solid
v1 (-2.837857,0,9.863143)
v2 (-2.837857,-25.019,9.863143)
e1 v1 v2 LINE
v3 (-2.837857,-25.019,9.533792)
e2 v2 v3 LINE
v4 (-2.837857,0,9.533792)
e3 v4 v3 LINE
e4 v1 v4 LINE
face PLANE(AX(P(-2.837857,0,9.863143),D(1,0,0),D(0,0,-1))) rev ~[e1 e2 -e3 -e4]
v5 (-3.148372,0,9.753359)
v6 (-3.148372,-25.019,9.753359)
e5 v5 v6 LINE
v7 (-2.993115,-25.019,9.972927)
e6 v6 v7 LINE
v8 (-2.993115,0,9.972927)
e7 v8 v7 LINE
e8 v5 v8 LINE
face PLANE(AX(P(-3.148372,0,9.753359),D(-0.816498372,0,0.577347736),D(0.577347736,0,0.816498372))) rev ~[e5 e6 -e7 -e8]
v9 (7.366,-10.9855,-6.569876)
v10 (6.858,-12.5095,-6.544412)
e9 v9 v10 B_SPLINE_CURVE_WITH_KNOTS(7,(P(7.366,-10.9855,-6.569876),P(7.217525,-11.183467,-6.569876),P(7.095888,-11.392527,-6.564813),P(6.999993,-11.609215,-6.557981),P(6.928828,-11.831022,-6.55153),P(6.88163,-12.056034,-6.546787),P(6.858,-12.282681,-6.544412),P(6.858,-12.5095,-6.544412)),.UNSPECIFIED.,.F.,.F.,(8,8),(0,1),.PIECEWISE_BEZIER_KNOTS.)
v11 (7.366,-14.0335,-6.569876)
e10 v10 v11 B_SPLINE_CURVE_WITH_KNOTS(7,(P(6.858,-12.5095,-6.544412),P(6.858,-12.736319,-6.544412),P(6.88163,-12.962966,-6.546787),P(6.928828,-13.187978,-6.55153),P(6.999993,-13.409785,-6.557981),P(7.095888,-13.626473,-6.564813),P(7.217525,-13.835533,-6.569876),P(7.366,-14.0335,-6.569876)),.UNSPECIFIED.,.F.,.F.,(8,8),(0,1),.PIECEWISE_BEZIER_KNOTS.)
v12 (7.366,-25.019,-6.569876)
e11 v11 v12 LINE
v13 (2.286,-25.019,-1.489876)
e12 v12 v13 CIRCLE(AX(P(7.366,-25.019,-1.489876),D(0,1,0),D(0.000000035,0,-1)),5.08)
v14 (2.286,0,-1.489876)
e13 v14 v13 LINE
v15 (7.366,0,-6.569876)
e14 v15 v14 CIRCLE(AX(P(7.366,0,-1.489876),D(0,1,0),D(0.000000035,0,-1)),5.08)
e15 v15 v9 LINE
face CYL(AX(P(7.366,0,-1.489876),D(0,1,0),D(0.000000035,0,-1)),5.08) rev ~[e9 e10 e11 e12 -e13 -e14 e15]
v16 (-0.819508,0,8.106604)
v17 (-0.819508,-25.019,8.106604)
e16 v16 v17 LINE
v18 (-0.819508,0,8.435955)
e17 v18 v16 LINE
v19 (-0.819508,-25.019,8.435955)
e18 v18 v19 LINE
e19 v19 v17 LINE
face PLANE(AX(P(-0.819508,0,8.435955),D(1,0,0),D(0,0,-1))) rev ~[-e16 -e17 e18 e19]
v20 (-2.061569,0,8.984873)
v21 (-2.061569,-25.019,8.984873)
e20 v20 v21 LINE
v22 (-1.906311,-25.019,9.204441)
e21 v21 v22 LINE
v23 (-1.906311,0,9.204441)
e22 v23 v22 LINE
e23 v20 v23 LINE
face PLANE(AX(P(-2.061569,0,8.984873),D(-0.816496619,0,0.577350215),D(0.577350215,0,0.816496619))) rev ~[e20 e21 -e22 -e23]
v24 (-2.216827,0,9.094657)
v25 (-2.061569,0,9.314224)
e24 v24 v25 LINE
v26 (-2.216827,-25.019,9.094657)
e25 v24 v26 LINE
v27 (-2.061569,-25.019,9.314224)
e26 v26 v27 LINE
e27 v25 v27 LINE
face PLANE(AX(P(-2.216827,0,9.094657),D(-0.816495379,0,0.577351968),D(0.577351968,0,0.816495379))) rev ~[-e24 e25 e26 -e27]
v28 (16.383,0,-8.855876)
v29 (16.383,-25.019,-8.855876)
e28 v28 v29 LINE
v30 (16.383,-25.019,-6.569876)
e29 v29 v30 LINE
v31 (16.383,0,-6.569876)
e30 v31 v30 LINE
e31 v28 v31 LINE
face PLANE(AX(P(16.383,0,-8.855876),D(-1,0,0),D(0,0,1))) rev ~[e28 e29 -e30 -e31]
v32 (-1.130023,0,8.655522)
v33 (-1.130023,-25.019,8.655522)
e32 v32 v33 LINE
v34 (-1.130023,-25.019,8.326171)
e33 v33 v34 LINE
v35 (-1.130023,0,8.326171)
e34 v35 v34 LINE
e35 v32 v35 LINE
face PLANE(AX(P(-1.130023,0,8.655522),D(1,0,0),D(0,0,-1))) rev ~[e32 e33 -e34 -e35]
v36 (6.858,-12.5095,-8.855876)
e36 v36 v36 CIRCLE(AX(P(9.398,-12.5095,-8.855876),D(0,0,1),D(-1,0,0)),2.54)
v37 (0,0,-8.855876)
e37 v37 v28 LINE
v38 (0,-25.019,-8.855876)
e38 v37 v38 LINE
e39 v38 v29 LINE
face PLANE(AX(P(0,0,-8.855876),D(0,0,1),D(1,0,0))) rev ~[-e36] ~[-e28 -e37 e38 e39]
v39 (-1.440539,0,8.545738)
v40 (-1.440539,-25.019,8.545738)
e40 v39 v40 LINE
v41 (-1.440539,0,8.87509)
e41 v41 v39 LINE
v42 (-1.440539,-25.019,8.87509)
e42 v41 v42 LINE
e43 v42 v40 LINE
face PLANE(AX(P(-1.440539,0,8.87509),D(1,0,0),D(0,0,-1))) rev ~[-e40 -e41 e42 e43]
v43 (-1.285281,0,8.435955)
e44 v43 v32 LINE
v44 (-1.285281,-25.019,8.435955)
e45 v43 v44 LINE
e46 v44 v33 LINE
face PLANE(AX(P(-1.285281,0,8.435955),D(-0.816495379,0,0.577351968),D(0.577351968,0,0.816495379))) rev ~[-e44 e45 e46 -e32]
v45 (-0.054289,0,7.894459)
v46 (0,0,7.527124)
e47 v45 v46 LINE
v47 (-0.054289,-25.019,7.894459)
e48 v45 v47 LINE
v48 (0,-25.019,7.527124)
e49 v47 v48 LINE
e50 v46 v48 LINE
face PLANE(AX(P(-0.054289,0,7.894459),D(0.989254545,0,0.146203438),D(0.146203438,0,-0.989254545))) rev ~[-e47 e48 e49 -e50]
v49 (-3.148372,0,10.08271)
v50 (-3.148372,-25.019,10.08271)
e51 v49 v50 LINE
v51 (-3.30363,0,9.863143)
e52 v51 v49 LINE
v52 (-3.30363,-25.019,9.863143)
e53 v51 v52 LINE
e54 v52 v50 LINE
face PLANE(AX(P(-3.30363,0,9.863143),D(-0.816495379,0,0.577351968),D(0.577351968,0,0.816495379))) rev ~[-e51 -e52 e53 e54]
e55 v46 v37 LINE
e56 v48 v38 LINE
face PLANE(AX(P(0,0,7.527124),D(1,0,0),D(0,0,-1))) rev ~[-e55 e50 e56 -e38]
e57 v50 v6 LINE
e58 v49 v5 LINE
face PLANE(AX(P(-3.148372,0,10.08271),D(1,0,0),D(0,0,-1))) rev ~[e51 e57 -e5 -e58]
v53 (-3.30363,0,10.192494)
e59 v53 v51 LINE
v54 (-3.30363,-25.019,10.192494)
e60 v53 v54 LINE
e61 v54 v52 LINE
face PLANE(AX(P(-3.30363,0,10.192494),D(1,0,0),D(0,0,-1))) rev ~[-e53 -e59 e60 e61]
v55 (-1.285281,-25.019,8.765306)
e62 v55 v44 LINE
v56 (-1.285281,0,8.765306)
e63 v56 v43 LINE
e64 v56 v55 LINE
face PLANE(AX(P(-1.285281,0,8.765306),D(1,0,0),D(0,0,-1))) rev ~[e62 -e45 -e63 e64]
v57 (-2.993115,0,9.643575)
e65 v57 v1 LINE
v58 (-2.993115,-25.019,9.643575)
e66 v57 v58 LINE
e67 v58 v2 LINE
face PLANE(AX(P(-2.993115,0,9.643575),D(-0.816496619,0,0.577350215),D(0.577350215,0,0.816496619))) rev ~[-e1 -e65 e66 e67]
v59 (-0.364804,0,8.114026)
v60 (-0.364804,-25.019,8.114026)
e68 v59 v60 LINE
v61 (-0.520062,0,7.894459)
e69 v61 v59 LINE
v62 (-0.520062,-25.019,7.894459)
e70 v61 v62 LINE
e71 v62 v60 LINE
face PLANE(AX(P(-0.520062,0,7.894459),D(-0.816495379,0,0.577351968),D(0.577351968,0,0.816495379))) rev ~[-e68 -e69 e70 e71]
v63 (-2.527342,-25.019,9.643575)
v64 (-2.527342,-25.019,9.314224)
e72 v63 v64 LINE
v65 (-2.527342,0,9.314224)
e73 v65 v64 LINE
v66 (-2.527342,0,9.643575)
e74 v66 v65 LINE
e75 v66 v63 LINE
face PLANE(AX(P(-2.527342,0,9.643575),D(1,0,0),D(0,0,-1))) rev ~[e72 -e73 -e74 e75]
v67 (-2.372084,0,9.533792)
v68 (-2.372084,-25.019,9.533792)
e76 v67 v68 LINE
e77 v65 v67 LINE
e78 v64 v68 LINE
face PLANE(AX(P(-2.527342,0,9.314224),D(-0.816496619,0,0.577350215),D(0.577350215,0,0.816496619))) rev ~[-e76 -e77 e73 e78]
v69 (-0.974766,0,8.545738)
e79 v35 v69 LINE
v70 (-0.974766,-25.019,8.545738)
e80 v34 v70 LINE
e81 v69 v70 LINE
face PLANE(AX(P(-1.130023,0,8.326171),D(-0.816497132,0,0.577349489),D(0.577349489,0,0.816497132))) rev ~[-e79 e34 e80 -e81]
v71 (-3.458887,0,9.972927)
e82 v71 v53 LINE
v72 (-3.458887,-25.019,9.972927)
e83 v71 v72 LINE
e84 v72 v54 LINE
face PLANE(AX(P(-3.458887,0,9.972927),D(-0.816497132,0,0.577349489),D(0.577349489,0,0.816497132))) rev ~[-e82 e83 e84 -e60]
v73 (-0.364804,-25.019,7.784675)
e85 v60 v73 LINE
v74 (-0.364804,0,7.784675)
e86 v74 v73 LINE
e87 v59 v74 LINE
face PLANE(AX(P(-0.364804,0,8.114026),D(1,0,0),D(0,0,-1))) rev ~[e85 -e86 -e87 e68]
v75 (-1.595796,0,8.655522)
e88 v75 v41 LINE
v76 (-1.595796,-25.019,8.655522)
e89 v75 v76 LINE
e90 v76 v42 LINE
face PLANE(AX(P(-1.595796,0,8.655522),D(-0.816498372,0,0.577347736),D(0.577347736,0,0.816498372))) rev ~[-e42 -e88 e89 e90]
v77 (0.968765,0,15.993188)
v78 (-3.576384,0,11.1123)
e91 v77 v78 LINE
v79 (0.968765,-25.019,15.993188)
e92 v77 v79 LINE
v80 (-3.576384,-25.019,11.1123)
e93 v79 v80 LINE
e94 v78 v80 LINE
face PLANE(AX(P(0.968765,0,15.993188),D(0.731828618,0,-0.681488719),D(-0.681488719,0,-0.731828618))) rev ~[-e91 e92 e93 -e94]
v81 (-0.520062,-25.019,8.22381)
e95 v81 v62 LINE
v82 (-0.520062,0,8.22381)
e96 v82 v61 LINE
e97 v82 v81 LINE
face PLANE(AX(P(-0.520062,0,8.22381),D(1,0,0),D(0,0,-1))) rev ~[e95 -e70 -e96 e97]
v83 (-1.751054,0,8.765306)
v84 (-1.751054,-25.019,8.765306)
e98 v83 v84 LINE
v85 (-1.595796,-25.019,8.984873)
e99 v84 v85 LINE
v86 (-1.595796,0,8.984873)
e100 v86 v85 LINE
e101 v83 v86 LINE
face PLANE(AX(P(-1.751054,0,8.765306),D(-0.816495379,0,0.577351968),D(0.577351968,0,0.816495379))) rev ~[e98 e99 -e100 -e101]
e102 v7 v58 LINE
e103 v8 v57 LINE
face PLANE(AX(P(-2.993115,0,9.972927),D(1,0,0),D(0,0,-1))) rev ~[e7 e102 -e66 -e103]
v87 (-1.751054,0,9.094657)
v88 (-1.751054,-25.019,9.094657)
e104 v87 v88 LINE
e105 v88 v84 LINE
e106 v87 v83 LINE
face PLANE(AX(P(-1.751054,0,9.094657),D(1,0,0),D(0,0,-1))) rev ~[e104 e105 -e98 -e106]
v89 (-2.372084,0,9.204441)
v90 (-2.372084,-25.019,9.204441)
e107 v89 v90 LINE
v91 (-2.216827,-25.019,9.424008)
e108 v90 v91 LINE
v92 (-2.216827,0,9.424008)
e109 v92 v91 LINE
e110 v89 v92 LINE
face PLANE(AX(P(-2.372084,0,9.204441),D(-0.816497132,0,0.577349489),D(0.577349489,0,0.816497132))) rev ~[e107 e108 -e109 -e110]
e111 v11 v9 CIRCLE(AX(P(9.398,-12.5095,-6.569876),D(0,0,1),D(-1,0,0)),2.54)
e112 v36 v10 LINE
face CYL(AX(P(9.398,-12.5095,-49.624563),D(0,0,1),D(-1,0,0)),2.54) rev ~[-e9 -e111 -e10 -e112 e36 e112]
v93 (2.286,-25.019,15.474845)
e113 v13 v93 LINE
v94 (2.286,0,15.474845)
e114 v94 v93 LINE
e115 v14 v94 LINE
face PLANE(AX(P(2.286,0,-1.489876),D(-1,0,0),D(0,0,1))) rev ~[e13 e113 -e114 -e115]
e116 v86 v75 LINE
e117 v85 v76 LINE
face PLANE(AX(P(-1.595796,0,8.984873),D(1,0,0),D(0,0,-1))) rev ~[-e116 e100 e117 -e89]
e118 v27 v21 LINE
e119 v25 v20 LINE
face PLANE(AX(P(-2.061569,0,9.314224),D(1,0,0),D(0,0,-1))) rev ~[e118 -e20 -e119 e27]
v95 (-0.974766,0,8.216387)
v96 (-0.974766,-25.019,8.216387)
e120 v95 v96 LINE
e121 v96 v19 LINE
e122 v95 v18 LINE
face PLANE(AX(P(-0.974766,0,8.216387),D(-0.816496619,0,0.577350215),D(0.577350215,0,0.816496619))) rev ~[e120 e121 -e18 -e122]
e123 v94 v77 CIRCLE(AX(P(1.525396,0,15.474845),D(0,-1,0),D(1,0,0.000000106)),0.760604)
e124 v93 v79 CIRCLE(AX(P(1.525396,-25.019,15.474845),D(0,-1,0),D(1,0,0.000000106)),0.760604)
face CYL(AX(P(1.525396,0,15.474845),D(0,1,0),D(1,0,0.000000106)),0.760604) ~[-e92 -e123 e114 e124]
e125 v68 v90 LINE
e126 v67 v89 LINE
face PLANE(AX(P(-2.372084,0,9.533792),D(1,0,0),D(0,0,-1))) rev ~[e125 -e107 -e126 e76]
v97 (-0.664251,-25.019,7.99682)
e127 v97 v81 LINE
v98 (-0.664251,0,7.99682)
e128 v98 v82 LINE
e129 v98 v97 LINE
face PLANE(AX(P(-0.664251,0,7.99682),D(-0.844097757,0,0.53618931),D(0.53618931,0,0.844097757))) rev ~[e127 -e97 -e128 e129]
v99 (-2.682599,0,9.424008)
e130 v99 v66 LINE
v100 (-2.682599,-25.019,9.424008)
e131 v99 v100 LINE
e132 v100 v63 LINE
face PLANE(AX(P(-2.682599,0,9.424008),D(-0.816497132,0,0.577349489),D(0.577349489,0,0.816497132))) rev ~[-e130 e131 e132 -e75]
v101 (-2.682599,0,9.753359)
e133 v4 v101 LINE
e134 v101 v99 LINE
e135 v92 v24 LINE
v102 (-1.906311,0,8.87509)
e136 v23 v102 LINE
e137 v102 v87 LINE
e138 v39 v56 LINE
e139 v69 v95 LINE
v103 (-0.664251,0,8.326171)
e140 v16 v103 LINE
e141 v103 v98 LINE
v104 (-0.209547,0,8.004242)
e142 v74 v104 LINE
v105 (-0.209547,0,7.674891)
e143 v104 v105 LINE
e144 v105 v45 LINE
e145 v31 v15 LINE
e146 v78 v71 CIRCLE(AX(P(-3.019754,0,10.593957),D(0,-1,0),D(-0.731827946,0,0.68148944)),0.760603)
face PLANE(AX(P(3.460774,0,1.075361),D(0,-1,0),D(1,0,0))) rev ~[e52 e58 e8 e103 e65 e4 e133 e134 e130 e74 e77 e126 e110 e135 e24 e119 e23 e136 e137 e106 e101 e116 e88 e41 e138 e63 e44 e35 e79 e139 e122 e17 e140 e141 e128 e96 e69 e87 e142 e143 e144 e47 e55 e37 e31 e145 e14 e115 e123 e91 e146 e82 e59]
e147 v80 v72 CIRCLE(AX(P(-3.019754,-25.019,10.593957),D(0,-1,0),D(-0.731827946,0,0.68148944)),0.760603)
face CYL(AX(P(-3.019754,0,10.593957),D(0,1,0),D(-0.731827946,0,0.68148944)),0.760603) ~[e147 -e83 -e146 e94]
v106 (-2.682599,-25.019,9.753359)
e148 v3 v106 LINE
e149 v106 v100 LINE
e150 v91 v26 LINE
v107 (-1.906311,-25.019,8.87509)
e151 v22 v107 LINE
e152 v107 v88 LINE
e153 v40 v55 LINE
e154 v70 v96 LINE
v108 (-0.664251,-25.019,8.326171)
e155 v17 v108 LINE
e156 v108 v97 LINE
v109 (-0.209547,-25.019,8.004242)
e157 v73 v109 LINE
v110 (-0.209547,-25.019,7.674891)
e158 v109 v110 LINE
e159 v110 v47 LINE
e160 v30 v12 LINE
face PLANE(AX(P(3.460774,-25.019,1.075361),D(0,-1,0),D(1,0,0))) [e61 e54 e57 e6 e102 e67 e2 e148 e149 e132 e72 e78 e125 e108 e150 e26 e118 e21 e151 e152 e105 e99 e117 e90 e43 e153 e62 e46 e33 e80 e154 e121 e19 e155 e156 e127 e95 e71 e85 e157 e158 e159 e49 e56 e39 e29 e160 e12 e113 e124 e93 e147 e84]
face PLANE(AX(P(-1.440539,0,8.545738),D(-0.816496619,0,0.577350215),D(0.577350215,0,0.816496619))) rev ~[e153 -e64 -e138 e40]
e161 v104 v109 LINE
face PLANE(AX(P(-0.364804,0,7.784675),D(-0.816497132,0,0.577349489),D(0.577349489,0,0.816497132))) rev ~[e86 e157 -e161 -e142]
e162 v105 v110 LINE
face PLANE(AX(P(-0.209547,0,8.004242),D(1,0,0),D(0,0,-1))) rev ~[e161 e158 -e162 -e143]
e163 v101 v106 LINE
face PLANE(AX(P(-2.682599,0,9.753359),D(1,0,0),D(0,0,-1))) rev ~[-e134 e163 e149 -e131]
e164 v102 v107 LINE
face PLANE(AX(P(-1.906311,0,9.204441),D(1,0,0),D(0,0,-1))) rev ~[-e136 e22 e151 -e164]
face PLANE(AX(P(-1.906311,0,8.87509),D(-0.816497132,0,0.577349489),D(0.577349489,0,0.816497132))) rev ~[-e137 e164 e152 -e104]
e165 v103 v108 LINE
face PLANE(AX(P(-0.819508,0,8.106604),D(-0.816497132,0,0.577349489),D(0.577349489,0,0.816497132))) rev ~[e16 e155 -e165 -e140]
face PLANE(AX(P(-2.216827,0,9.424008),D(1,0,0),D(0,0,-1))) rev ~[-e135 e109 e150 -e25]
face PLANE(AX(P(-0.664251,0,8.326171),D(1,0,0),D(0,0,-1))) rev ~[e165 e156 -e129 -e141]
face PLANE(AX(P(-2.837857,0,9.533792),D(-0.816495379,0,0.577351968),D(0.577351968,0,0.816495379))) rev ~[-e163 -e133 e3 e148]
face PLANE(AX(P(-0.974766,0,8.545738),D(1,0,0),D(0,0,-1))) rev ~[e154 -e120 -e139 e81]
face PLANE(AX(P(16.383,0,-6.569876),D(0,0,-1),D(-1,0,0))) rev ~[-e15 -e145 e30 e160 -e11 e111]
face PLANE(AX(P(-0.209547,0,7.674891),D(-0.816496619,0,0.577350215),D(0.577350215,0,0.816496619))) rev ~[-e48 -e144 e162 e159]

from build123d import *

# Parameters (mm, degrees)
F1_DEPTH = 25.019
F3_D     = 5.08


with BuildPart() as f1:
    # F0 (on Front) → F1 (new body)
    with BuildSketch(Plane.XZ):
        with BuildLine():
            Line((0, 7.527124), (0, -8.855876))
            Line((0, -8.855876), (16.383, -8.855876))
            Line((16.383, -8.855876), (16.383, -6.569876))
            Line((16.383, -6.569876), (7.366, -6.569876))
            ThreePointArc((7.366, -6.569876), (3.773898, -5.081979), (2.286, -1.489876))
            Line((2.286, -1.489876), (2.286, 15.474845))
            ThreePointArc((2.286, 15.474845), (1.803912, 16.182621), (0.968765, 15.993188))
            Line((0.968765, 15.993188), (-3.576384, 11.1123))
            ThreePointArc((-3.576384, 11.1123), (-3.776344, 10.515934), (-3.458887, 9.972927))
            Line((-3.458887, 9.972927), (-3.30363, 10.192494))
            Line((-3.30363, 10.192494), (-3.30363, 9.863143))
            Line((-3.30363, 9.863143), (-3.148372, 10.08271))
            Line((-3.148372, 10.08271), (-3.148372, 9.753359))
            Line((-3.148372, 9.753359), (-2.993115, 9.972927))
            Line((-2.993115, 9.972927), (-2.993115, 9.643575))
            Line((-2.993115, 9.643575), (-2.837857, 9.863143))
            Line((-2.837857, 9.863143), (-2.837857, 9.533792))
            Line((-2.837857, 9.533792), (-2.682599, 9.753359))
            Line((-2.682599, 9.753359), (-2.682599, 9.424008))
            Line((-2.682599, 9.424008), (-2.527342, 9.643575))
            Line((-2.527342, 9.643575), (-2.527342, 9.314224))
            Line((-2.527342, 9.314224), (-2.372084, 9.533792))
            Line((-2.372084, 9.533792), (-2.372084, 9.204441))
            Line((-2.372084, 9.204441), (-2.216827, 9.424008))
            Line((-2.216827, 9.424008), (-2.216827, 9.094657))
            Line((-2.216827, 9.094657), (-2.061569, 9.314224))
            Line((-2.061569, 9.314224), (-2.061569, 8.984873))
            Line((-2.061569, 8.984873), (-1.906311, 9.204441))
            Line((-1.906311, 9.204441), (-1.906311, 8.87509))
            Line((-1.906311, 8.87509), (-1.751054, 9.094657))
            Line((-1.751054, 9.094657), (-1.751054, 8.765306))
            Line((-1.751054, 8.765306), (-1.595796, 8.984873))
            Line((-1.595796, 8.984873), (-1.595796, 8.655522))
            Line((-1.595796, 8.655522), (-1.440539, 8.87509))
            Line((-1.440539, 8.87509), (-1.440539, 8.545738))
            Line((-1.440539, 8.545738), (-1.285281, 8.765306))
            Line((-1.285281, 8.765306), (-1.285281, 8.435955))
            Line((-1.285281, 8.435955), (-1.130023, 8.655522))
            Line((-1.130023, 8.655522), (-1.130023, 8.326171))
            Line((-1.130023, 8.326171), (-0.974766, 8.545738))
            Line((-0.974766, 8.545738), (-0.974766, 8.216387))
            Line((-0.974766, 8.216387), (-0.819508, 8.435955))
            Line((-0.819508, 8.435955), (-0.819508, 8.106604))
            Line((-0.819508, 8.106604), (-0.664251, 8.326171))
            Line((-0.664251, 8.326171), (-0.664251, 7.99682))
            Line((-0.664251, 7.99682), (-0.520062, 8.22381))
            Line((-0.520062, 8.22381), (-0.520062, 7.894459))
            Line((-0.520062, 7.894459), (-0.364804, 8.114026))
            Line((-0.364804, 8.114026), (-0.364804, 7.784675))
            Line((-0.364804, 7.784675), (-0.209547, 8.004242))
            Line((-0.209547, 8.004242), (-0.209547, 7.674891))
            Line((-0.209547, 7.674891), (-0.054289, 7.894459))
            Line((-0.054289, 7.894459), (0, 7.527124))
        make_face()
    extrude(amount=F1_DEPTH)

    # F3 (through all)
    with Locations(Plane(origin=(0, 0, -8.855876), x_dir=(1, 0, 0), z_dir=(0, 0, -1))):
        with Locations((9.398, 12.5095)):
            Hole(F3_D / 2)


solid = f1.part
